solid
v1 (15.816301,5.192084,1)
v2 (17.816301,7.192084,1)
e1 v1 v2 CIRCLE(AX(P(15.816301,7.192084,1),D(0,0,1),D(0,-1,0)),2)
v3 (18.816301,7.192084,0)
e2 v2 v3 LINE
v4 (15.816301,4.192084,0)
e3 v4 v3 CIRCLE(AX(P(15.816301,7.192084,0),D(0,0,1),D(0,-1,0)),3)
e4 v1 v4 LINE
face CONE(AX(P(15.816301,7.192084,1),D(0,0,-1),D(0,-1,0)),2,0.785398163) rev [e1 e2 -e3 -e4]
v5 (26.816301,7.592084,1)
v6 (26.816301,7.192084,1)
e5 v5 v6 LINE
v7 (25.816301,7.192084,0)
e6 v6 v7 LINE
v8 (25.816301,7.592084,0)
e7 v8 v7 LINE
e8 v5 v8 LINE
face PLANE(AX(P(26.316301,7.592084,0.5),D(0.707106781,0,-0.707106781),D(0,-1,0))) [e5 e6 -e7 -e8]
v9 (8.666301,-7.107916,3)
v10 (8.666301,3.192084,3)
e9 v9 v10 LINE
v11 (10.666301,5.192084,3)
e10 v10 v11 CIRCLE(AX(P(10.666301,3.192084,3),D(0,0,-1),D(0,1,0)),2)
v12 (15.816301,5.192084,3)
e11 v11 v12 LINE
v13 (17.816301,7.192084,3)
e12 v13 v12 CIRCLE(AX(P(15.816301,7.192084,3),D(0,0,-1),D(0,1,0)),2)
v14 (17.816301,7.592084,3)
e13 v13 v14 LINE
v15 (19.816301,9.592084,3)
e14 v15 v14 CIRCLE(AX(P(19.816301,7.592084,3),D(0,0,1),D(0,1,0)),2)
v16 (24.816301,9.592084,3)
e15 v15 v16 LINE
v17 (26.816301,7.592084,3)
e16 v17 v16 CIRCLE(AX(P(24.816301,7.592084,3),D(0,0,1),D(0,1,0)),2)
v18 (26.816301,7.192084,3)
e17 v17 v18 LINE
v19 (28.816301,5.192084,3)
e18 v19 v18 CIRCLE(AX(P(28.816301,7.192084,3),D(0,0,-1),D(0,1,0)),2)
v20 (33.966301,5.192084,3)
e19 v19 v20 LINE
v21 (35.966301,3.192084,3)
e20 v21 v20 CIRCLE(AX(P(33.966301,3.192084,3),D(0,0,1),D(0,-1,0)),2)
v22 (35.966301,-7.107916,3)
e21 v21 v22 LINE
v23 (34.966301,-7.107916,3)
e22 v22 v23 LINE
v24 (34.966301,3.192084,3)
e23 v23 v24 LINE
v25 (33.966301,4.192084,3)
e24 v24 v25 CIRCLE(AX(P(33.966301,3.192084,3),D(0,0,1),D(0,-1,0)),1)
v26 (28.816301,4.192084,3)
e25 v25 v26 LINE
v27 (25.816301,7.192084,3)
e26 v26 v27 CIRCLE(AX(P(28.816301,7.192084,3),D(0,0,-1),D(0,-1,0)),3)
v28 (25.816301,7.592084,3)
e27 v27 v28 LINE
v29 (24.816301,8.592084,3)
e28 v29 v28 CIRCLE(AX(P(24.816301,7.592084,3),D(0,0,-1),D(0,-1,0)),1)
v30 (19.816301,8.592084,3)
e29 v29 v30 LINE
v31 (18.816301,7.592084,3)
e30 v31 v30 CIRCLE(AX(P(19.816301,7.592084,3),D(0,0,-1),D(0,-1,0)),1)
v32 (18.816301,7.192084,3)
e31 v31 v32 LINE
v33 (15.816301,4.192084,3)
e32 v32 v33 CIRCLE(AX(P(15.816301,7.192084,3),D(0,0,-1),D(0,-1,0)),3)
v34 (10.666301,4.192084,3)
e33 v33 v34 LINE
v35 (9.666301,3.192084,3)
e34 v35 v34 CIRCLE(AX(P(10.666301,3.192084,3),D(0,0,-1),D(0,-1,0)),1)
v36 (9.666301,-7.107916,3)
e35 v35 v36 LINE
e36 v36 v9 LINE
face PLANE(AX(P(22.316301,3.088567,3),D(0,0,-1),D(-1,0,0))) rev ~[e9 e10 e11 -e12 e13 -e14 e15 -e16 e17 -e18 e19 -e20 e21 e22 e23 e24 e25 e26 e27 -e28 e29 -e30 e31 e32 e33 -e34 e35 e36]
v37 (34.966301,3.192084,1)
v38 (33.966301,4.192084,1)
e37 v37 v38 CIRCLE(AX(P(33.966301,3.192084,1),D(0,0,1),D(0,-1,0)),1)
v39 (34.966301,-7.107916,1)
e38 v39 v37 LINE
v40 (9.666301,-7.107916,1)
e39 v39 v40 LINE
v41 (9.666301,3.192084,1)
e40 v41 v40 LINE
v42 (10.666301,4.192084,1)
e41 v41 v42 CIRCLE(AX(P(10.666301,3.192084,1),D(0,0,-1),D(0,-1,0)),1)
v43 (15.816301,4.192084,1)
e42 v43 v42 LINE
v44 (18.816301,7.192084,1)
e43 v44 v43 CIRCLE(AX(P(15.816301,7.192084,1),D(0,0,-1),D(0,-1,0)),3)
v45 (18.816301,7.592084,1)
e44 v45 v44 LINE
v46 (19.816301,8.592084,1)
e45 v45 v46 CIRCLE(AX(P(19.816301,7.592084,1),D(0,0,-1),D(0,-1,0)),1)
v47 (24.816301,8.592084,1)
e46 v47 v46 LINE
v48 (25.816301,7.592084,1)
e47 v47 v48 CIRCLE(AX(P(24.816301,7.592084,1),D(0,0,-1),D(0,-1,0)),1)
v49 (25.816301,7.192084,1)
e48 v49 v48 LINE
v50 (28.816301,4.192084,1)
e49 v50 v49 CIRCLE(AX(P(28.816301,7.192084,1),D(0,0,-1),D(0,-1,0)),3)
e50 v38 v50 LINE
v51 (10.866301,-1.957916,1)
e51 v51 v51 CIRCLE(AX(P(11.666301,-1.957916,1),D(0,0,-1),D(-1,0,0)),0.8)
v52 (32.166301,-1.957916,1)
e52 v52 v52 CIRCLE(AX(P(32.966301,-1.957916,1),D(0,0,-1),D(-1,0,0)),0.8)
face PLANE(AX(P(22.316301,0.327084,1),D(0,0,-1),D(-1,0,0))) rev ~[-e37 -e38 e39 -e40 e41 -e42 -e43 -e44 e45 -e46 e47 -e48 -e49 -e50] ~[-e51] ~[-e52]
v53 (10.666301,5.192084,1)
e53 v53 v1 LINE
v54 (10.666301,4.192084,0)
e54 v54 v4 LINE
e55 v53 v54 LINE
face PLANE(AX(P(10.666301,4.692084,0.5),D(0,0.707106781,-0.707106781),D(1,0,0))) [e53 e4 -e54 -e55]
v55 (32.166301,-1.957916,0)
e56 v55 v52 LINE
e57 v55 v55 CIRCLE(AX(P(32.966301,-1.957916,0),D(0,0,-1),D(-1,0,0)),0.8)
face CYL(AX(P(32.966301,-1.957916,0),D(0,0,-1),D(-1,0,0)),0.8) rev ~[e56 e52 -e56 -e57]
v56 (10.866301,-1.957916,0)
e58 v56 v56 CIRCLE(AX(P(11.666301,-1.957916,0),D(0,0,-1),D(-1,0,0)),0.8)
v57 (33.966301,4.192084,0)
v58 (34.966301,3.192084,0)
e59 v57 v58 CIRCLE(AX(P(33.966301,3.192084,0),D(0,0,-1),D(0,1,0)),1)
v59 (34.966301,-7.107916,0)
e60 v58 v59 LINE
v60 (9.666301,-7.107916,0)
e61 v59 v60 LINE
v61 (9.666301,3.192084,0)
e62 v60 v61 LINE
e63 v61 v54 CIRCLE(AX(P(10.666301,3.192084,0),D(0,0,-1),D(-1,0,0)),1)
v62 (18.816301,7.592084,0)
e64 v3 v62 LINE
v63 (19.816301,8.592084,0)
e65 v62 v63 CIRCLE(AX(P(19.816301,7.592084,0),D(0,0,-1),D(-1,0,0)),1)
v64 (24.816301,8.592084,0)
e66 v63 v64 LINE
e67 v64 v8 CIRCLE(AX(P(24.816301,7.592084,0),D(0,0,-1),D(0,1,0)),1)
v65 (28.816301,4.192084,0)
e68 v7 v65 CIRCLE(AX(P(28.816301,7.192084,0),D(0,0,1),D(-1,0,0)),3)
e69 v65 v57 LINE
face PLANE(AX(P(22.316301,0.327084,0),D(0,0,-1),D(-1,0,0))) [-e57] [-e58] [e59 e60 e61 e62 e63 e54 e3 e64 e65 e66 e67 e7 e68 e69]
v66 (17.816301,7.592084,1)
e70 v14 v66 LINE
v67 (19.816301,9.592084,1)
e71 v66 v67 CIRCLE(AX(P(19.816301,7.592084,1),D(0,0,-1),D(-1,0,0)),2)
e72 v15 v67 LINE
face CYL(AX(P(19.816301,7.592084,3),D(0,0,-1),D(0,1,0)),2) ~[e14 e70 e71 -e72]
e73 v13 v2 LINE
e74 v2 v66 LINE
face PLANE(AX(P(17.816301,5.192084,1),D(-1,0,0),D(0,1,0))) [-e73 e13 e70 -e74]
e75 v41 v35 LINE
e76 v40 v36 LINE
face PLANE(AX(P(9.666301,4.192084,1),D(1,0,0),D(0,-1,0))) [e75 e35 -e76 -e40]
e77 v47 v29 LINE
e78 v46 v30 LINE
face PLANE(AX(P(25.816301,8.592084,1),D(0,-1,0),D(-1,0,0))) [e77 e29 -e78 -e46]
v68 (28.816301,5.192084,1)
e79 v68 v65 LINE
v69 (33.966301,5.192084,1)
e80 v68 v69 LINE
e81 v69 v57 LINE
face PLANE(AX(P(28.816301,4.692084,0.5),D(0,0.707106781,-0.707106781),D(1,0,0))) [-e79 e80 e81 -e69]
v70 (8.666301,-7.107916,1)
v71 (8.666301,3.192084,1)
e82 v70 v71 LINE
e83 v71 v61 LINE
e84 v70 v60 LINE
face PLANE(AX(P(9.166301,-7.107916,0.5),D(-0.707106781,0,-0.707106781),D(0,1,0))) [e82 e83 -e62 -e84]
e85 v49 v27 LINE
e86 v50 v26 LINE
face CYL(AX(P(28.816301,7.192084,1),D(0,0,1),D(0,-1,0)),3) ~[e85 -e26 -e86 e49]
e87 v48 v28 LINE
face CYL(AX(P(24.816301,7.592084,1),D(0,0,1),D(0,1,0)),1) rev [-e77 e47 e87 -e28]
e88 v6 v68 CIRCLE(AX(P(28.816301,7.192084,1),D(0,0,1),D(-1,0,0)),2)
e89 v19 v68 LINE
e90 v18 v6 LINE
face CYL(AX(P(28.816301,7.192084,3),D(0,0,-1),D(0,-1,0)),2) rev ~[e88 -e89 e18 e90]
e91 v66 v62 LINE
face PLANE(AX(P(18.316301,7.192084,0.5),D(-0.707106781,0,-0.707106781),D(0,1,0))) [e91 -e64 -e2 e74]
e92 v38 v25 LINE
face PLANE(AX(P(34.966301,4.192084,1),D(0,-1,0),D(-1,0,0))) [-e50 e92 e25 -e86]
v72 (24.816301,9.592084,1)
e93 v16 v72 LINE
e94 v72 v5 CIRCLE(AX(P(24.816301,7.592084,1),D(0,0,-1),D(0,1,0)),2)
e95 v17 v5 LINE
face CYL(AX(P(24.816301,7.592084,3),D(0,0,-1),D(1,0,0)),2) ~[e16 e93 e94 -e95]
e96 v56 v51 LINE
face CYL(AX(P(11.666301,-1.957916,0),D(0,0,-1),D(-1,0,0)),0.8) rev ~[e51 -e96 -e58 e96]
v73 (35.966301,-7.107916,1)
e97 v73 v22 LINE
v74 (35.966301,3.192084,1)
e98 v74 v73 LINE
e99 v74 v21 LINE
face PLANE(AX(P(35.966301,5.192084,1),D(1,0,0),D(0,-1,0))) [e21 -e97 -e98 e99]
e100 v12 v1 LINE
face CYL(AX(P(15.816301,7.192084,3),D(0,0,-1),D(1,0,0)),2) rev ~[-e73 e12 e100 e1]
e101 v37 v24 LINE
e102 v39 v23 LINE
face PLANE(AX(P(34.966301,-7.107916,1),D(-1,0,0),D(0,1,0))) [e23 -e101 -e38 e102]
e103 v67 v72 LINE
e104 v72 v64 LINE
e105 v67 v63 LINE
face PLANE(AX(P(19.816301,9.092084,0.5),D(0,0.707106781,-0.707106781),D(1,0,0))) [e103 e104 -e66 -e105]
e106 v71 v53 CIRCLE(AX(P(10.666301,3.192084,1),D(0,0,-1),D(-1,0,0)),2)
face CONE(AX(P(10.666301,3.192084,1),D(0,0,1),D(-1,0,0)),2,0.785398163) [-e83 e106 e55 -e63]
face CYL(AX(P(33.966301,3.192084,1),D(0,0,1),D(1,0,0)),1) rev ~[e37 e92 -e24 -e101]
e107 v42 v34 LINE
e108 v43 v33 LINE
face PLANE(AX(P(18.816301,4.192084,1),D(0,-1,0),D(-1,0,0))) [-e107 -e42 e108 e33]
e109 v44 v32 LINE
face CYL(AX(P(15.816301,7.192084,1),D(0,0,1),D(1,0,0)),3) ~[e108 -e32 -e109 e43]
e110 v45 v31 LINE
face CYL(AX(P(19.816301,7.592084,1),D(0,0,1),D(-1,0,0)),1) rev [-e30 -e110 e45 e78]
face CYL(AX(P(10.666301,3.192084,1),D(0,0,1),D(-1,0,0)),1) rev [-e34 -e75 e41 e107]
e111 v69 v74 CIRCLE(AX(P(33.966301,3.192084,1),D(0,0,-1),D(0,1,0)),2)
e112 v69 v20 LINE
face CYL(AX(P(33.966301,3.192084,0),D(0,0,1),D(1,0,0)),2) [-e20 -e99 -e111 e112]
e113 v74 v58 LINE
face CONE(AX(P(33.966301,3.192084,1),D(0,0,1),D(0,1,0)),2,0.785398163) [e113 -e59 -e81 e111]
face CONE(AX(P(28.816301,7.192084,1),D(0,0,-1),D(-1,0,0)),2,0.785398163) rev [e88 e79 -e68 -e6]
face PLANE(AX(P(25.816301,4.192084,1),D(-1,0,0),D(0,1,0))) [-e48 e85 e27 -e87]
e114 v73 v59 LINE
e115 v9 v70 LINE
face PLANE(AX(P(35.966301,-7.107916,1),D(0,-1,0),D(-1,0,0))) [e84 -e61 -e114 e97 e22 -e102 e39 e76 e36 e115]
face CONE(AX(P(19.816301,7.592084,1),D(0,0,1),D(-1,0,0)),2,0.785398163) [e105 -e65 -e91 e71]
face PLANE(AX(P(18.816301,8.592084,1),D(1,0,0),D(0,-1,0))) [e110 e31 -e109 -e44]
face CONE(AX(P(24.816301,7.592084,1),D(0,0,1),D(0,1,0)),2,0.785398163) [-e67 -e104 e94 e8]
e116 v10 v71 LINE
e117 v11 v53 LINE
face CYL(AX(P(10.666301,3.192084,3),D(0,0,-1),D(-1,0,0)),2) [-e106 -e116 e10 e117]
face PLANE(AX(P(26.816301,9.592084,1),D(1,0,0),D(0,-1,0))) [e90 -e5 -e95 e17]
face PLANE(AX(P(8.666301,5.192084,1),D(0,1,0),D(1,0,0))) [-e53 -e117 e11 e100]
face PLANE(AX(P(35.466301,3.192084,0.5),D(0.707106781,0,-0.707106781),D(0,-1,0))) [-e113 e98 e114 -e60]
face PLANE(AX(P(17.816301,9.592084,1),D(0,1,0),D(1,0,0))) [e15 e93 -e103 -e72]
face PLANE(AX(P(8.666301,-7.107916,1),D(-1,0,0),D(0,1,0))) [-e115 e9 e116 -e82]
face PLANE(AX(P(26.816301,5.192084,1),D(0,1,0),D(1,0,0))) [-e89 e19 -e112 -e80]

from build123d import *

# Parameters (mm, degrees)
BOSS_EXTRUDE1_DEPTH = 1
BOSS_EXTRUDE2_DEPTH = 2
FILLET1_R           = 1
FILLET2_R           = 2
FILLET3_R           = 3
SKETCH3_R           = 0.8
CUT_EXTRUDE1_DEPTH  = 38.344114593
CHAMFER1_SIZE       = 1


with BuildPart() as part:
    # Sketch1 → Boss-Extrude1 (new body)
    with BuildSketch(Plane.XY):
        Polygon((26.816301055, 5.1920844), (35.966301055, 5.1920844), (35.966301055, -7.1079156), (8.666301055, -7.1079156), (8.666301055, 5.1920844), (17.816301055, 5.1920844), (17.816301055, 9.5920844), (26.816301055, 9.5920844), align=None)
    extrude(amount=BOSS_EXTRUDE1_DEPTH)

    # Sketch2 → Boss-Extrude2 (add)
    with BuildSketch(Plane.XY.offset(1)):
        Polygon((34.966301055, -7.1079156), (34.966301055, 4.1920844), (25.816301055, 4.1920844), (25.816301055, 8.5920844), (18.816301055, 8.5920844), (18.816301055, 4.1920844), (9.666301055, 4.1920844), (9.666301055, -7.1079156), (8.666301055, -7.1079156), (8.666301055, 5.1920844), (17.816301055, 5.1920844), (17.816301055, 9.5920844), (26.816301055, 9.5920844), (26.816301055, 5.1920844), (35.966301055, 5.1920844), (35.966301055, -7.1079156), align=None)
    extrude(amount=BOSS_EXTRUDE2_DEPTH)

    # Fillet1
    fillet1_edges = [part.edges().sort_by_distance(p)[0] for p in [
        (9.666301055, 4.1920844, 2),
        (18.816301055, 8.5920844, 2),
        (25.816301055, 8.5920844, 2),
        (34.966301055, 4.1920844, 2),
    ]]
    fillet(fillet1_edges, radius=FILLET1_R)

    # Fillet2
    fillet2_edges = [part.edges().sort_by_distance(p)[0] for p in [
        (8.666301055, 5.1920844, 1.5),
        (17.816301055, 5.1920844, 1.5),
        (17.816301055, 9.5920844, 1.5),
        (26.816301055, 9.5920844, 1.5),
        (26.816301055, 5.1920844, 1.5),
        (35.966301055, 5.1920844, 1.5),
    ]]
    fillet(fillet2_edges, radius=FILLET2_R)

    # Fillet3
    fillet3_edges = [part.edges().sort_by_distance(p)[0] for p in [
        (18.816301055, 4.1920844, 2),
        (25.816301055, 4.1920844, 2),
    ]]
    fillet(fillet3_edges, radius=FILLET3_R)

    # Sketch3 → Cut-Extrude1 (cut, through all)
    with BuildSketch(Plane(origin=(0, 0, 0), x_dir=(-1, 0, 0), z_dir=(0, 0, -1))):
        with Locations((-32.966301055, -1.9579156)):
            Circle(SKETCH3_R)
        with Locations((-11.666301055, -1.9579156)):
            Circle(SKETCH3_R)
    extrude(amount=-CUT_EXTRUDE1_DEPTH, mode=Mode.SUBTRACT)

    # Chamfer1
    chamfer1_edges = [part.edges().sort_by_distance(p)[0] for p in [
        (13.241301055, 5.1920844, 0),
        (17.816301055, 7.3920844, 0),
        (8.666301055, -1.9579156, 0),
        (35.966301055, -1.9579156, 0),
        (22.316301055, 9.5920844, 0),
        (26.230514617, 9.006297963, 0),
        (18.402087492, 9.006297963, 0),
        (35.380514617, 4.606297963, 0),
        (9.252087492, 4.606297963, 0),
        (27.402087492, 5.777870838, 0),
        (17.230514617, 5.777870838, 0),
        (26.816301055, 7.3920844, 0),
        (31.391301055, 5.1920844, 0),
    ]]
    chamfer(chamfer1_edges, length=CHAMFER1_SIZE)


solid = part.part
